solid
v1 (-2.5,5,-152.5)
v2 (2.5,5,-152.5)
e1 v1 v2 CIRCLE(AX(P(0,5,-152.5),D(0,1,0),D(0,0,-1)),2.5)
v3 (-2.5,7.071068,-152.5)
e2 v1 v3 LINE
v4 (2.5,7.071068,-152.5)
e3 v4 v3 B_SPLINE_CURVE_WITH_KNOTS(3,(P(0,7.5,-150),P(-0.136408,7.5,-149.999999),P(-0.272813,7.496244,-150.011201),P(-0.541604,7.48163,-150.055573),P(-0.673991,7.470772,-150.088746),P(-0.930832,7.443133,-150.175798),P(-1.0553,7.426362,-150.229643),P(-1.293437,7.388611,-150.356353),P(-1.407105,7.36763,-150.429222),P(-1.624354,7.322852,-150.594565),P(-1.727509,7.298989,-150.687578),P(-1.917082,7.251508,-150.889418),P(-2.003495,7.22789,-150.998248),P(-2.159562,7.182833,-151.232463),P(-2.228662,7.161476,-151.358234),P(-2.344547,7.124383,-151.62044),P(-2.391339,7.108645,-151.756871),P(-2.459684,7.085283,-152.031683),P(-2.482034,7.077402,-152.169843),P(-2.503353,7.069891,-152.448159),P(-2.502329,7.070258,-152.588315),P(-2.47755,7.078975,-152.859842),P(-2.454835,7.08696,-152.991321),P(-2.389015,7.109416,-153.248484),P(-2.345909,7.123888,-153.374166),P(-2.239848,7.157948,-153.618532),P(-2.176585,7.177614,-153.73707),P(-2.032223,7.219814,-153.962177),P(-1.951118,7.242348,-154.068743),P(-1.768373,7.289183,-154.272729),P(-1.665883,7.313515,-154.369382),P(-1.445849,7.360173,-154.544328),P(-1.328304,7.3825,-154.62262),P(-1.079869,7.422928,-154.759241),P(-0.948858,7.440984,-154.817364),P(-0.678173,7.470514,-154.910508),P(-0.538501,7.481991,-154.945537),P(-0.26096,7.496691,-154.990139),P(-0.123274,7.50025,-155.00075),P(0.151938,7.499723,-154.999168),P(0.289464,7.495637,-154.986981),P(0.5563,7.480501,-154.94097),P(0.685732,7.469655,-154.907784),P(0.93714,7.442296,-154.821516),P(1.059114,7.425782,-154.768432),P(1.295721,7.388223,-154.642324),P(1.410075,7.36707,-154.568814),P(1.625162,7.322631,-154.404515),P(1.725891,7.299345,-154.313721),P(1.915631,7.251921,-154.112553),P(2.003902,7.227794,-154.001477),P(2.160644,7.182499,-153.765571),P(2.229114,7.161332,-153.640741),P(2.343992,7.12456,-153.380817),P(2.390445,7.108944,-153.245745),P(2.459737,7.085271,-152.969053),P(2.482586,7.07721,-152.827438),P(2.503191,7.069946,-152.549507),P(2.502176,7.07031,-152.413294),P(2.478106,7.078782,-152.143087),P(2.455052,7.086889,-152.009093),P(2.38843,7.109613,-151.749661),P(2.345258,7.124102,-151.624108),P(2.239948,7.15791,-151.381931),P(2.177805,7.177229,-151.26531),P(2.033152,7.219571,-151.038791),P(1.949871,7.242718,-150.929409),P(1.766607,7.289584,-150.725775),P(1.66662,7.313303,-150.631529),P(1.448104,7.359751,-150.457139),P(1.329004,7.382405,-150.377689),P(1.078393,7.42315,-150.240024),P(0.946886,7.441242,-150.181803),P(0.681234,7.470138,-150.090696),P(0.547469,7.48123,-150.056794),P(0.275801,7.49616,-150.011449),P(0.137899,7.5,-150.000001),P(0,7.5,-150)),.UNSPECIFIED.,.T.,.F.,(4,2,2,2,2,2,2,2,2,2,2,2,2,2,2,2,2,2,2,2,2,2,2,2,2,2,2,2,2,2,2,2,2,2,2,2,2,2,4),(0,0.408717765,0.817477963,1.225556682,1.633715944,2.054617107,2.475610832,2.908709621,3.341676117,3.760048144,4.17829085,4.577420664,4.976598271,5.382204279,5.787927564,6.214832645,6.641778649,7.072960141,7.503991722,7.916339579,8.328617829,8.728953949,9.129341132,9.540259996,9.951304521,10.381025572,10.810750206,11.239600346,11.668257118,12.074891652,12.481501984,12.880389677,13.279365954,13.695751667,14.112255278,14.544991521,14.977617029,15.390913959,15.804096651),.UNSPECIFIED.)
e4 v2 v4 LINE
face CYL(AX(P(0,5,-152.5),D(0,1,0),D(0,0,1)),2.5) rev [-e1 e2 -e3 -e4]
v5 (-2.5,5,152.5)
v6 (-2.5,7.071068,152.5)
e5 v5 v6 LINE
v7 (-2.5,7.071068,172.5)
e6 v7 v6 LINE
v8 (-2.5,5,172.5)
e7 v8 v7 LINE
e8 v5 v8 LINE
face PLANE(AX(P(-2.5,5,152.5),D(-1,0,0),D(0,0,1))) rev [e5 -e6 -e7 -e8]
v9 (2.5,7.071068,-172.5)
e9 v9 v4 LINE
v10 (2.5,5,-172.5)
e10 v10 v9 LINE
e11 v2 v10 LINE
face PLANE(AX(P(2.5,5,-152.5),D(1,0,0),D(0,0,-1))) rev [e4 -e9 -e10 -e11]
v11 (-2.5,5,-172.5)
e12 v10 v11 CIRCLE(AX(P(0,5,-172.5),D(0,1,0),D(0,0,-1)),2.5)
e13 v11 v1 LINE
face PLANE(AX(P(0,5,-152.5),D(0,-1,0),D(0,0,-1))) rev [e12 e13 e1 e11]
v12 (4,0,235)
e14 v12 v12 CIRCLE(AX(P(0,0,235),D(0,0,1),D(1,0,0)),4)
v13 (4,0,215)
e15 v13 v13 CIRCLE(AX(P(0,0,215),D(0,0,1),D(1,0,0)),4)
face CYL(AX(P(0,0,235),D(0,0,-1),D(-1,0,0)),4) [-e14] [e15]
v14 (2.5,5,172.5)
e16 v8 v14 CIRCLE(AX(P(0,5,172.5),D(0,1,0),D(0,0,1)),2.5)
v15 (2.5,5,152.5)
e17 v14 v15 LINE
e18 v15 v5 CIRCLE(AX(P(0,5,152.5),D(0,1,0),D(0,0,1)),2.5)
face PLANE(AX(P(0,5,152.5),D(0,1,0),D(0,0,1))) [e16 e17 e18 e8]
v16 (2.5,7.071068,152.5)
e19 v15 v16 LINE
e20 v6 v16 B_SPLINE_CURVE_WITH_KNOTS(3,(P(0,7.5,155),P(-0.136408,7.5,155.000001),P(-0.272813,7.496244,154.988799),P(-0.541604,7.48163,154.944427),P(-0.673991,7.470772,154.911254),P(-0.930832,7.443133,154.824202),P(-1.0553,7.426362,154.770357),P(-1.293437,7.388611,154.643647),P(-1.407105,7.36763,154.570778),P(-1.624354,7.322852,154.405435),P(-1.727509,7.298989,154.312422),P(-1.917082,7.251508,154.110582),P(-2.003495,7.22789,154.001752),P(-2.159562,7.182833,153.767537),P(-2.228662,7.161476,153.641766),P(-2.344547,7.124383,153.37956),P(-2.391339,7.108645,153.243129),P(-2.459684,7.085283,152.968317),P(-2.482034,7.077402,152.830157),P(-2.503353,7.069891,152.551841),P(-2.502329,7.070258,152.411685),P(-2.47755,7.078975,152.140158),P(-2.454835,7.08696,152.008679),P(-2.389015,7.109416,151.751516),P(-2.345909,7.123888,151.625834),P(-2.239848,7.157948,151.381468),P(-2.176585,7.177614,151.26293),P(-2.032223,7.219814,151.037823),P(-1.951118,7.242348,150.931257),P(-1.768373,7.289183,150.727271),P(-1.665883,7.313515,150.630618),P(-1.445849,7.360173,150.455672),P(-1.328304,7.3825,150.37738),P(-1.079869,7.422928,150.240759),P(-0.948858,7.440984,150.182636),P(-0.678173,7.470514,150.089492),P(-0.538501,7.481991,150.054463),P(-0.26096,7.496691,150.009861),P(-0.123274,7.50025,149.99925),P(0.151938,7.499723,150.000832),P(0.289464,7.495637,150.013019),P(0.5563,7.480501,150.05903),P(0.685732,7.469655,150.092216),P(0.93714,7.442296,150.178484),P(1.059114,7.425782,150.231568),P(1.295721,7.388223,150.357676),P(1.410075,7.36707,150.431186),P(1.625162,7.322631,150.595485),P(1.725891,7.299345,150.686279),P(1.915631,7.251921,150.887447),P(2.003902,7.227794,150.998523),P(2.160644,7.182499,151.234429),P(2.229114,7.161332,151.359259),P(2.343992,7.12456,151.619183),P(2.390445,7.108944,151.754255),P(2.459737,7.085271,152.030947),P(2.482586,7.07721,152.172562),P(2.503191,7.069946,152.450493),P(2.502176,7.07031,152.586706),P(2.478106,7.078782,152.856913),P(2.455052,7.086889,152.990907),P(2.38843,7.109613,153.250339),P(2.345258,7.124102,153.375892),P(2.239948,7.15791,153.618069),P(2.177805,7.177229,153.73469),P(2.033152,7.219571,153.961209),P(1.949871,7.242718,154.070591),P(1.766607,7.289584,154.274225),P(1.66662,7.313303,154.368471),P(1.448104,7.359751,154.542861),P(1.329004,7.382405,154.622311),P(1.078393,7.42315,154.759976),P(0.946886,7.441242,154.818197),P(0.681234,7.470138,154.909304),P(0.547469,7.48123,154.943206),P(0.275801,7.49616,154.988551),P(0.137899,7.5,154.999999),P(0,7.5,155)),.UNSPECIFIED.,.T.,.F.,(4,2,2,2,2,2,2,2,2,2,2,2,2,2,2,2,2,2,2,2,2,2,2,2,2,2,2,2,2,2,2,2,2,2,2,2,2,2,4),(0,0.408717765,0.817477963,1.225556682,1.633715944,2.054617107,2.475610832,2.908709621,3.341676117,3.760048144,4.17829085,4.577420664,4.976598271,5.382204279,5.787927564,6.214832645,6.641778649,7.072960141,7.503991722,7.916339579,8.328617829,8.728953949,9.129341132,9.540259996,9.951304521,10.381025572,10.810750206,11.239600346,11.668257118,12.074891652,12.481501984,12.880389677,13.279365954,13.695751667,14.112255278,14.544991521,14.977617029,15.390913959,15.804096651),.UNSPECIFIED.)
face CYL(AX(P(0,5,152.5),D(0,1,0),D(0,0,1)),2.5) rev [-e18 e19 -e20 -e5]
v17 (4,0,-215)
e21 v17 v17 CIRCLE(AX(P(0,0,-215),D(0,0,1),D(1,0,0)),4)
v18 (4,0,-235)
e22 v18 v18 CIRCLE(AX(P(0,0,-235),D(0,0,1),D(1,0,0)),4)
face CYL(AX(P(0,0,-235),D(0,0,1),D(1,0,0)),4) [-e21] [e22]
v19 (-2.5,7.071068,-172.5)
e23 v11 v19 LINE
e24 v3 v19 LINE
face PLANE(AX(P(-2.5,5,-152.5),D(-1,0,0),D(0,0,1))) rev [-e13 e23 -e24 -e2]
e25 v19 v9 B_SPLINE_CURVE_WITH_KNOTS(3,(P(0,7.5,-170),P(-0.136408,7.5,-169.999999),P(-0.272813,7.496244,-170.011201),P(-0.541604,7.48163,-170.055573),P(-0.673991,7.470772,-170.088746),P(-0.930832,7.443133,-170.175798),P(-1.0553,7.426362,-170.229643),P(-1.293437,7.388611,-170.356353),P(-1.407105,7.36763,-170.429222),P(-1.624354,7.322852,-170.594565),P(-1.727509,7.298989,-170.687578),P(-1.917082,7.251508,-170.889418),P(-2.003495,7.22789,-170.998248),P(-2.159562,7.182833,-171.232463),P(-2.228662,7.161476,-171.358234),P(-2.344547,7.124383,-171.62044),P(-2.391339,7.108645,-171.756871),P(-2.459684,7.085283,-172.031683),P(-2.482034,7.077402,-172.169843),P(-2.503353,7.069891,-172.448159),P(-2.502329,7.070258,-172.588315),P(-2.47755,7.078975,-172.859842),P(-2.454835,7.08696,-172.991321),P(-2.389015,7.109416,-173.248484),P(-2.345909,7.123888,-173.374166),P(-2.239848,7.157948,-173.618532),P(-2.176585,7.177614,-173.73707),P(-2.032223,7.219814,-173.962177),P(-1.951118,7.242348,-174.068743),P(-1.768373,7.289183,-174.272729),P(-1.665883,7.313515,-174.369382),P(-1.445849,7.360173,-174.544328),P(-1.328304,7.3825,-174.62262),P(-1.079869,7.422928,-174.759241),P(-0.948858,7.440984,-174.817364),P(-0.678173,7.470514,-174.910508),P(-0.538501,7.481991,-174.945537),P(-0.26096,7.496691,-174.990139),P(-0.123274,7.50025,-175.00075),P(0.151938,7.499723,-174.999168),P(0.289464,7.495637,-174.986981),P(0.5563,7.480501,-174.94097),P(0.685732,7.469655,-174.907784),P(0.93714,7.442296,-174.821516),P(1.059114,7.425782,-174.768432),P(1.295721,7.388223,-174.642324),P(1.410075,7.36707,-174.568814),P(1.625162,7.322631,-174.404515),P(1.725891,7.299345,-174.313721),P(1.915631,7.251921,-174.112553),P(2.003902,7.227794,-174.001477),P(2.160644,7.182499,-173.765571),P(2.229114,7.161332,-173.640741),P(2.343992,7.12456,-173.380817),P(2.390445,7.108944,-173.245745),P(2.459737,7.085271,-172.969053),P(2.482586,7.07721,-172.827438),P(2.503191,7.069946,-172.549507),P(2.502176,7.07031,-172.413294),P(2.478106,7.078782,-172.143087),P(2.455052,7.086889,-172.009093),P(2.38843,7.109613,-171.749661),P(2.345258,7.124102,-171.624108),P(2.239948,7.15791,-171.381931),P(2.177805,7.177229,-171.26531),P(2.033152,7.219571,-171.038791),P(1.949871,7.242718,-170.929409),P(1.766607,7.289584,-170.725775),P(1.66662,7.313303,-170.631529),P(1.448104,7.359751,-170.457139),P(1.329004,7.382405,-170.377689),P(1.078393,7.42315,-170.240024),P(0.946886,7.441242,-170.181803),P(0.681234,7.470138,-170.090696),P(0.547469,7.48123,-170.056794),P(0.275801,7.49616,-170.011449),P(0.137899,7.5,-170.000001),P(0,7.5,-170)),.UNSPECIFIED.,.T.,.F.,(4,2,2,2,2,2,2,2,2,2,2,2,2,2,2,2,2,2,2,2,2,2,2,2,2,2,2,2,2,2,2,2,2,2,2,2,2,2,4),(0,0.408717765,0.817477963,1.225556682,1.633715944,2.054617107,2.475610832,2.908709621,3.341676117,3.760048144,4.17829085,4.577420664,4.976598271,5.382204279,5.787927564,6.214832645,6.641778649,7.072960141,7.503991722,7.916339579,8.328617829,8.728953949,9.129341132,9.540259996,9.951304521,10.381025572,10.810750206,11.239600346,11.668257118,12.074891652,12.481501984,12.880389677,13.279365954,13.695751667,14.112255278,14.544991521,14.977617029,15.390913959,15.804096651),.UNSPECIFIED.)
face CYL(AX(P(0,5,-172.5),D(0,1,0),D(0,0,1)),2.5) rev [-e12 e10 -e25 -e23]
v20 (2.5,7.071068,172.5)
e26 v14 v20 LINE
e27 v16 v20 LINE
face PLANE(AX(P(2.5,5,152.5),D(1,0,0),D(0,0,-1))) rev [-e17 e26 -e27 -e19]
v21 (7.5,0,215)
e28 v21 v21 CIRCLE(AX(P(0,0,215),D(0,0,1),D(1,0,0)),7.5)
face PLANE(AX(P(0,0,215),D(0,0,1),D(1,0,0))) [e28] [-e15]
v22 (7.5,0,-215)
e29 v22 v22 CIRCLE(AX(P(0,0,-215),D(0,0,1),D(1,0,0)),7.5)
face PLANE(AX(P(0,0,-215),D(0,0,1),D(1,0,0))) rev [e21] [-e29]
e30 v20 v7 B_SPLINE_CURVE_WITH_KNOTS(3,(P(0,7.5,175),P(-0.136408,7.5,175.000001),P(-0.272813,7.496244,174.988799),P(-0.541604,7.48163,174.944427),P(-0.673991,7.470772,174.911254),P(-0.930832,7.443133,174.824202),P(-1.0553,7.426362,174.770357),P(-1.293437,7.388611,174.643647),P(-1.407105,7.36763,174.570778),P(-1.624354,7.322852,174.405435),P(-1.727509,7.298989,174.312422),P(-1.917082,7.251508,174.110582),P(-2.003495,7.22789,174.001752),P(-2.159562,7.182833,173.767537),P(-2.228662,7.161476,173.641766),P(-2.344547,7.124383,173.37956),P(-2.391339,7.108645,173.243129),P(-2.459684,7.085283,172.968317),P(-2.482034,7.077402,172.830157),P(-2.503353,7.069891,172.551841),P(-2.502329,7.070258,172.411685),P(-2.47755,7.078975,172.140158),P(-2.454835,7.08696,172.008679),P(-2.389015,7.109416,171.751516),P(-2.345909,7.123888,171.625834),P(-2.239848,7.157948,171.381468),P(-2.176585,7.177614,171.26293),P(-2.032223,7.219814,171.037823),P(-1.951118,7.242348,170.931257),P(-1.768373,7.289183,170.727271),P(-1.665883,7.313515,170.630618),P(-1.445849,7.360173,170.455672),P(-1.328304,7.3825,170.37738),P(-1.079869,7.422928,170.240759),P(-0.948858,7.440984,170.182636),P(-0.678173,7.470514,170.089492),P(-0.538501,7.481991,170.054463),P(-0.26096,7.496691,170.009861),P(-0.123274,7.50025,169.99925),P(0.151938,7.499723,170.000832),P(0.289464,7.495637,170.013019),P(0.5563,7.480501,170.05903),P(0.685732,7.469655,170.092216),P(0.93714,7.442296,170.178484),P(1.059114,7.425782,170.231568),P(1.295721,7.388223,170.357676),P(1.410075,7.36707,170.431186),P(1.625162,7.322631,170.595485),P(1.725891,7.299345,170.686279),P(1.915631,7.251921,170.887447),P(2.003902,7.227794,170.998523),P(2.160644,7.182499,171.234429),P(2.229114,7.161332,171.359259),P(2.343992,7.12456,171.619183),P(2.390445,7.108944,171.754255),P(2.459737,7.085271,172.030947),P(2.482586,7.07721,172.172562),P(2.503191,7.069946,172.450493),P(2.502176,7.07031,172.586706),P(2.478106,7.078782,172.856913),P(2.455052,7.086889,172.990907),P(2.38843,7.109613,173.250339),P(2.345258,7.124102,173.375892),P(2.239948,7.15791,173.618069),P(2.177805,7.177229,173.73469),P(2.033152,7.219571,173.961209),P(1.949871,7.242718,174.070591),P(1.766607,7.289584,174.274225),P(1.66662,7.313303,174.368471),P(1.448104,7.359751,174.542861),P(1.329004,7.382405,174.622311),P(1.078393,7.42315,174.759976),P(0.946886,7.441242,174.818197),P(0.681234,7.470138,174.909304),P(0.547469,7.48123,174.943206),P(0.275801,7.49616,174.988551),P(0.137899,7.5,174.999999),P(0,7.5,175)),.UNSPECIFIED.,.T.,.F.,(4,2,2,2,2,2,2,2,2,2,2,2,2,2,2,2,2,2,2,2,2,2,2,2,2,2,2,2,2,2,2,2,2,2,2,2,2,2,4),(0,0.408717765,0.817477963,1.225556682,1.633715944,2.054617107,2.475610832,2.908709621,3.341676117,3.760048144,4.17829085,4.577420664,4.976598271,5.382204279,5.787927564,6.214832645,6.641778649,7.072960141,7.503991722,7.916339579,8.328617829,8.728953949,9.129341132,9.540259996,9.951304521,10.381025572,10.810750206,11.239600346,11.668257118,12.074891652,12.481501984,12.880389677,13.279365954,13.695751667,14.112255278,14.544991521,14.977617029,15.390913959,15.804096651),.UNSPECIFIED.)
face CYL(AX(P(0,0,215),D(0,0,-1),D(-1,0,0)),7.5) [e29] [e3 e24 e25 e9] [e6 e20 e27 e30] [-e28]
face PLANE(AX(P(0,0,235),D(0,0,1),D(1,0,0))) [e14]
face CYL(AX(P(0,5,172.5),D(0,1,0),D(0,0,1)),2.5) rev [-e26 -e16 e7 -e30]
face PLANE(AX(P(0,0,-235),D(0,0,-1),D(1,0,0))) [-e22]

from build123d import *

# Parameters (mm, degrees)
SKETCH_1_R          = 7.5
EXTRUDE_1_DEPTH     = 215
CUT_EXTRUDE_1_DEPTH = 2.5
SKETCH_3_R          = 4
EXTRUDE_2_DEPTH     = 20


with BuildPart() as part:
    # 草图1 → 凸台-拉伸1 (new, symmetric)
    with BuildSketch(Plane.XY):
        Circle(SKETCH_1_R)
    extrude(amount=EXTRUDE_1_DEPTH, both=True)

    # 草图2 → 切除-拉伸1 (cut)
    with BuildSketch(Plane(origin=(0, 7.5, 0), x_dir=(1, 0, 0), z_dir=(0, 1, 0))):
        with BuildLine():
            Line((2.5, -152.5), (2.5, -172.5))
            ThreePointArc((2.5, -172.5), (0, -175), (-2.5, -172.5))
            Line((-2.5, -172.5), (-2.5, -152.5))
            ThreePointArc((-2.5, -152.5), (0, -150), (2.5, -152.5))
        make_face()
        with BuildLine():
            Line((2.5, 152.5), (2.5, 172.5))
            ThreePointArc((2.5, 172.5), (0, 175), (-2.5, 172.5))
            Line((-2.5, 172.5), (-2.5, 152.5))
            ThreePointArc((-2.5, 152.5), (0, 150), (2.5, 152.5))
        make_face()
    extrude(amount=-CUT_EXTRUDE_1_DEPTH, mode=Mode.SUBTRACT)

    # 草图3 → 凸台-拉伸2 (add)
    with BuildSketch(Plane.XY.offset(215)):
        Circle(SKETCH_3_R)
    extrude_2 = extrude(amount=EXTRUDE_2_DEPTH)

    # 镜向1: 凸台-拉伸2 across plane
    add(extrude_2.mirror(Plane.XY))


solid = part.part
